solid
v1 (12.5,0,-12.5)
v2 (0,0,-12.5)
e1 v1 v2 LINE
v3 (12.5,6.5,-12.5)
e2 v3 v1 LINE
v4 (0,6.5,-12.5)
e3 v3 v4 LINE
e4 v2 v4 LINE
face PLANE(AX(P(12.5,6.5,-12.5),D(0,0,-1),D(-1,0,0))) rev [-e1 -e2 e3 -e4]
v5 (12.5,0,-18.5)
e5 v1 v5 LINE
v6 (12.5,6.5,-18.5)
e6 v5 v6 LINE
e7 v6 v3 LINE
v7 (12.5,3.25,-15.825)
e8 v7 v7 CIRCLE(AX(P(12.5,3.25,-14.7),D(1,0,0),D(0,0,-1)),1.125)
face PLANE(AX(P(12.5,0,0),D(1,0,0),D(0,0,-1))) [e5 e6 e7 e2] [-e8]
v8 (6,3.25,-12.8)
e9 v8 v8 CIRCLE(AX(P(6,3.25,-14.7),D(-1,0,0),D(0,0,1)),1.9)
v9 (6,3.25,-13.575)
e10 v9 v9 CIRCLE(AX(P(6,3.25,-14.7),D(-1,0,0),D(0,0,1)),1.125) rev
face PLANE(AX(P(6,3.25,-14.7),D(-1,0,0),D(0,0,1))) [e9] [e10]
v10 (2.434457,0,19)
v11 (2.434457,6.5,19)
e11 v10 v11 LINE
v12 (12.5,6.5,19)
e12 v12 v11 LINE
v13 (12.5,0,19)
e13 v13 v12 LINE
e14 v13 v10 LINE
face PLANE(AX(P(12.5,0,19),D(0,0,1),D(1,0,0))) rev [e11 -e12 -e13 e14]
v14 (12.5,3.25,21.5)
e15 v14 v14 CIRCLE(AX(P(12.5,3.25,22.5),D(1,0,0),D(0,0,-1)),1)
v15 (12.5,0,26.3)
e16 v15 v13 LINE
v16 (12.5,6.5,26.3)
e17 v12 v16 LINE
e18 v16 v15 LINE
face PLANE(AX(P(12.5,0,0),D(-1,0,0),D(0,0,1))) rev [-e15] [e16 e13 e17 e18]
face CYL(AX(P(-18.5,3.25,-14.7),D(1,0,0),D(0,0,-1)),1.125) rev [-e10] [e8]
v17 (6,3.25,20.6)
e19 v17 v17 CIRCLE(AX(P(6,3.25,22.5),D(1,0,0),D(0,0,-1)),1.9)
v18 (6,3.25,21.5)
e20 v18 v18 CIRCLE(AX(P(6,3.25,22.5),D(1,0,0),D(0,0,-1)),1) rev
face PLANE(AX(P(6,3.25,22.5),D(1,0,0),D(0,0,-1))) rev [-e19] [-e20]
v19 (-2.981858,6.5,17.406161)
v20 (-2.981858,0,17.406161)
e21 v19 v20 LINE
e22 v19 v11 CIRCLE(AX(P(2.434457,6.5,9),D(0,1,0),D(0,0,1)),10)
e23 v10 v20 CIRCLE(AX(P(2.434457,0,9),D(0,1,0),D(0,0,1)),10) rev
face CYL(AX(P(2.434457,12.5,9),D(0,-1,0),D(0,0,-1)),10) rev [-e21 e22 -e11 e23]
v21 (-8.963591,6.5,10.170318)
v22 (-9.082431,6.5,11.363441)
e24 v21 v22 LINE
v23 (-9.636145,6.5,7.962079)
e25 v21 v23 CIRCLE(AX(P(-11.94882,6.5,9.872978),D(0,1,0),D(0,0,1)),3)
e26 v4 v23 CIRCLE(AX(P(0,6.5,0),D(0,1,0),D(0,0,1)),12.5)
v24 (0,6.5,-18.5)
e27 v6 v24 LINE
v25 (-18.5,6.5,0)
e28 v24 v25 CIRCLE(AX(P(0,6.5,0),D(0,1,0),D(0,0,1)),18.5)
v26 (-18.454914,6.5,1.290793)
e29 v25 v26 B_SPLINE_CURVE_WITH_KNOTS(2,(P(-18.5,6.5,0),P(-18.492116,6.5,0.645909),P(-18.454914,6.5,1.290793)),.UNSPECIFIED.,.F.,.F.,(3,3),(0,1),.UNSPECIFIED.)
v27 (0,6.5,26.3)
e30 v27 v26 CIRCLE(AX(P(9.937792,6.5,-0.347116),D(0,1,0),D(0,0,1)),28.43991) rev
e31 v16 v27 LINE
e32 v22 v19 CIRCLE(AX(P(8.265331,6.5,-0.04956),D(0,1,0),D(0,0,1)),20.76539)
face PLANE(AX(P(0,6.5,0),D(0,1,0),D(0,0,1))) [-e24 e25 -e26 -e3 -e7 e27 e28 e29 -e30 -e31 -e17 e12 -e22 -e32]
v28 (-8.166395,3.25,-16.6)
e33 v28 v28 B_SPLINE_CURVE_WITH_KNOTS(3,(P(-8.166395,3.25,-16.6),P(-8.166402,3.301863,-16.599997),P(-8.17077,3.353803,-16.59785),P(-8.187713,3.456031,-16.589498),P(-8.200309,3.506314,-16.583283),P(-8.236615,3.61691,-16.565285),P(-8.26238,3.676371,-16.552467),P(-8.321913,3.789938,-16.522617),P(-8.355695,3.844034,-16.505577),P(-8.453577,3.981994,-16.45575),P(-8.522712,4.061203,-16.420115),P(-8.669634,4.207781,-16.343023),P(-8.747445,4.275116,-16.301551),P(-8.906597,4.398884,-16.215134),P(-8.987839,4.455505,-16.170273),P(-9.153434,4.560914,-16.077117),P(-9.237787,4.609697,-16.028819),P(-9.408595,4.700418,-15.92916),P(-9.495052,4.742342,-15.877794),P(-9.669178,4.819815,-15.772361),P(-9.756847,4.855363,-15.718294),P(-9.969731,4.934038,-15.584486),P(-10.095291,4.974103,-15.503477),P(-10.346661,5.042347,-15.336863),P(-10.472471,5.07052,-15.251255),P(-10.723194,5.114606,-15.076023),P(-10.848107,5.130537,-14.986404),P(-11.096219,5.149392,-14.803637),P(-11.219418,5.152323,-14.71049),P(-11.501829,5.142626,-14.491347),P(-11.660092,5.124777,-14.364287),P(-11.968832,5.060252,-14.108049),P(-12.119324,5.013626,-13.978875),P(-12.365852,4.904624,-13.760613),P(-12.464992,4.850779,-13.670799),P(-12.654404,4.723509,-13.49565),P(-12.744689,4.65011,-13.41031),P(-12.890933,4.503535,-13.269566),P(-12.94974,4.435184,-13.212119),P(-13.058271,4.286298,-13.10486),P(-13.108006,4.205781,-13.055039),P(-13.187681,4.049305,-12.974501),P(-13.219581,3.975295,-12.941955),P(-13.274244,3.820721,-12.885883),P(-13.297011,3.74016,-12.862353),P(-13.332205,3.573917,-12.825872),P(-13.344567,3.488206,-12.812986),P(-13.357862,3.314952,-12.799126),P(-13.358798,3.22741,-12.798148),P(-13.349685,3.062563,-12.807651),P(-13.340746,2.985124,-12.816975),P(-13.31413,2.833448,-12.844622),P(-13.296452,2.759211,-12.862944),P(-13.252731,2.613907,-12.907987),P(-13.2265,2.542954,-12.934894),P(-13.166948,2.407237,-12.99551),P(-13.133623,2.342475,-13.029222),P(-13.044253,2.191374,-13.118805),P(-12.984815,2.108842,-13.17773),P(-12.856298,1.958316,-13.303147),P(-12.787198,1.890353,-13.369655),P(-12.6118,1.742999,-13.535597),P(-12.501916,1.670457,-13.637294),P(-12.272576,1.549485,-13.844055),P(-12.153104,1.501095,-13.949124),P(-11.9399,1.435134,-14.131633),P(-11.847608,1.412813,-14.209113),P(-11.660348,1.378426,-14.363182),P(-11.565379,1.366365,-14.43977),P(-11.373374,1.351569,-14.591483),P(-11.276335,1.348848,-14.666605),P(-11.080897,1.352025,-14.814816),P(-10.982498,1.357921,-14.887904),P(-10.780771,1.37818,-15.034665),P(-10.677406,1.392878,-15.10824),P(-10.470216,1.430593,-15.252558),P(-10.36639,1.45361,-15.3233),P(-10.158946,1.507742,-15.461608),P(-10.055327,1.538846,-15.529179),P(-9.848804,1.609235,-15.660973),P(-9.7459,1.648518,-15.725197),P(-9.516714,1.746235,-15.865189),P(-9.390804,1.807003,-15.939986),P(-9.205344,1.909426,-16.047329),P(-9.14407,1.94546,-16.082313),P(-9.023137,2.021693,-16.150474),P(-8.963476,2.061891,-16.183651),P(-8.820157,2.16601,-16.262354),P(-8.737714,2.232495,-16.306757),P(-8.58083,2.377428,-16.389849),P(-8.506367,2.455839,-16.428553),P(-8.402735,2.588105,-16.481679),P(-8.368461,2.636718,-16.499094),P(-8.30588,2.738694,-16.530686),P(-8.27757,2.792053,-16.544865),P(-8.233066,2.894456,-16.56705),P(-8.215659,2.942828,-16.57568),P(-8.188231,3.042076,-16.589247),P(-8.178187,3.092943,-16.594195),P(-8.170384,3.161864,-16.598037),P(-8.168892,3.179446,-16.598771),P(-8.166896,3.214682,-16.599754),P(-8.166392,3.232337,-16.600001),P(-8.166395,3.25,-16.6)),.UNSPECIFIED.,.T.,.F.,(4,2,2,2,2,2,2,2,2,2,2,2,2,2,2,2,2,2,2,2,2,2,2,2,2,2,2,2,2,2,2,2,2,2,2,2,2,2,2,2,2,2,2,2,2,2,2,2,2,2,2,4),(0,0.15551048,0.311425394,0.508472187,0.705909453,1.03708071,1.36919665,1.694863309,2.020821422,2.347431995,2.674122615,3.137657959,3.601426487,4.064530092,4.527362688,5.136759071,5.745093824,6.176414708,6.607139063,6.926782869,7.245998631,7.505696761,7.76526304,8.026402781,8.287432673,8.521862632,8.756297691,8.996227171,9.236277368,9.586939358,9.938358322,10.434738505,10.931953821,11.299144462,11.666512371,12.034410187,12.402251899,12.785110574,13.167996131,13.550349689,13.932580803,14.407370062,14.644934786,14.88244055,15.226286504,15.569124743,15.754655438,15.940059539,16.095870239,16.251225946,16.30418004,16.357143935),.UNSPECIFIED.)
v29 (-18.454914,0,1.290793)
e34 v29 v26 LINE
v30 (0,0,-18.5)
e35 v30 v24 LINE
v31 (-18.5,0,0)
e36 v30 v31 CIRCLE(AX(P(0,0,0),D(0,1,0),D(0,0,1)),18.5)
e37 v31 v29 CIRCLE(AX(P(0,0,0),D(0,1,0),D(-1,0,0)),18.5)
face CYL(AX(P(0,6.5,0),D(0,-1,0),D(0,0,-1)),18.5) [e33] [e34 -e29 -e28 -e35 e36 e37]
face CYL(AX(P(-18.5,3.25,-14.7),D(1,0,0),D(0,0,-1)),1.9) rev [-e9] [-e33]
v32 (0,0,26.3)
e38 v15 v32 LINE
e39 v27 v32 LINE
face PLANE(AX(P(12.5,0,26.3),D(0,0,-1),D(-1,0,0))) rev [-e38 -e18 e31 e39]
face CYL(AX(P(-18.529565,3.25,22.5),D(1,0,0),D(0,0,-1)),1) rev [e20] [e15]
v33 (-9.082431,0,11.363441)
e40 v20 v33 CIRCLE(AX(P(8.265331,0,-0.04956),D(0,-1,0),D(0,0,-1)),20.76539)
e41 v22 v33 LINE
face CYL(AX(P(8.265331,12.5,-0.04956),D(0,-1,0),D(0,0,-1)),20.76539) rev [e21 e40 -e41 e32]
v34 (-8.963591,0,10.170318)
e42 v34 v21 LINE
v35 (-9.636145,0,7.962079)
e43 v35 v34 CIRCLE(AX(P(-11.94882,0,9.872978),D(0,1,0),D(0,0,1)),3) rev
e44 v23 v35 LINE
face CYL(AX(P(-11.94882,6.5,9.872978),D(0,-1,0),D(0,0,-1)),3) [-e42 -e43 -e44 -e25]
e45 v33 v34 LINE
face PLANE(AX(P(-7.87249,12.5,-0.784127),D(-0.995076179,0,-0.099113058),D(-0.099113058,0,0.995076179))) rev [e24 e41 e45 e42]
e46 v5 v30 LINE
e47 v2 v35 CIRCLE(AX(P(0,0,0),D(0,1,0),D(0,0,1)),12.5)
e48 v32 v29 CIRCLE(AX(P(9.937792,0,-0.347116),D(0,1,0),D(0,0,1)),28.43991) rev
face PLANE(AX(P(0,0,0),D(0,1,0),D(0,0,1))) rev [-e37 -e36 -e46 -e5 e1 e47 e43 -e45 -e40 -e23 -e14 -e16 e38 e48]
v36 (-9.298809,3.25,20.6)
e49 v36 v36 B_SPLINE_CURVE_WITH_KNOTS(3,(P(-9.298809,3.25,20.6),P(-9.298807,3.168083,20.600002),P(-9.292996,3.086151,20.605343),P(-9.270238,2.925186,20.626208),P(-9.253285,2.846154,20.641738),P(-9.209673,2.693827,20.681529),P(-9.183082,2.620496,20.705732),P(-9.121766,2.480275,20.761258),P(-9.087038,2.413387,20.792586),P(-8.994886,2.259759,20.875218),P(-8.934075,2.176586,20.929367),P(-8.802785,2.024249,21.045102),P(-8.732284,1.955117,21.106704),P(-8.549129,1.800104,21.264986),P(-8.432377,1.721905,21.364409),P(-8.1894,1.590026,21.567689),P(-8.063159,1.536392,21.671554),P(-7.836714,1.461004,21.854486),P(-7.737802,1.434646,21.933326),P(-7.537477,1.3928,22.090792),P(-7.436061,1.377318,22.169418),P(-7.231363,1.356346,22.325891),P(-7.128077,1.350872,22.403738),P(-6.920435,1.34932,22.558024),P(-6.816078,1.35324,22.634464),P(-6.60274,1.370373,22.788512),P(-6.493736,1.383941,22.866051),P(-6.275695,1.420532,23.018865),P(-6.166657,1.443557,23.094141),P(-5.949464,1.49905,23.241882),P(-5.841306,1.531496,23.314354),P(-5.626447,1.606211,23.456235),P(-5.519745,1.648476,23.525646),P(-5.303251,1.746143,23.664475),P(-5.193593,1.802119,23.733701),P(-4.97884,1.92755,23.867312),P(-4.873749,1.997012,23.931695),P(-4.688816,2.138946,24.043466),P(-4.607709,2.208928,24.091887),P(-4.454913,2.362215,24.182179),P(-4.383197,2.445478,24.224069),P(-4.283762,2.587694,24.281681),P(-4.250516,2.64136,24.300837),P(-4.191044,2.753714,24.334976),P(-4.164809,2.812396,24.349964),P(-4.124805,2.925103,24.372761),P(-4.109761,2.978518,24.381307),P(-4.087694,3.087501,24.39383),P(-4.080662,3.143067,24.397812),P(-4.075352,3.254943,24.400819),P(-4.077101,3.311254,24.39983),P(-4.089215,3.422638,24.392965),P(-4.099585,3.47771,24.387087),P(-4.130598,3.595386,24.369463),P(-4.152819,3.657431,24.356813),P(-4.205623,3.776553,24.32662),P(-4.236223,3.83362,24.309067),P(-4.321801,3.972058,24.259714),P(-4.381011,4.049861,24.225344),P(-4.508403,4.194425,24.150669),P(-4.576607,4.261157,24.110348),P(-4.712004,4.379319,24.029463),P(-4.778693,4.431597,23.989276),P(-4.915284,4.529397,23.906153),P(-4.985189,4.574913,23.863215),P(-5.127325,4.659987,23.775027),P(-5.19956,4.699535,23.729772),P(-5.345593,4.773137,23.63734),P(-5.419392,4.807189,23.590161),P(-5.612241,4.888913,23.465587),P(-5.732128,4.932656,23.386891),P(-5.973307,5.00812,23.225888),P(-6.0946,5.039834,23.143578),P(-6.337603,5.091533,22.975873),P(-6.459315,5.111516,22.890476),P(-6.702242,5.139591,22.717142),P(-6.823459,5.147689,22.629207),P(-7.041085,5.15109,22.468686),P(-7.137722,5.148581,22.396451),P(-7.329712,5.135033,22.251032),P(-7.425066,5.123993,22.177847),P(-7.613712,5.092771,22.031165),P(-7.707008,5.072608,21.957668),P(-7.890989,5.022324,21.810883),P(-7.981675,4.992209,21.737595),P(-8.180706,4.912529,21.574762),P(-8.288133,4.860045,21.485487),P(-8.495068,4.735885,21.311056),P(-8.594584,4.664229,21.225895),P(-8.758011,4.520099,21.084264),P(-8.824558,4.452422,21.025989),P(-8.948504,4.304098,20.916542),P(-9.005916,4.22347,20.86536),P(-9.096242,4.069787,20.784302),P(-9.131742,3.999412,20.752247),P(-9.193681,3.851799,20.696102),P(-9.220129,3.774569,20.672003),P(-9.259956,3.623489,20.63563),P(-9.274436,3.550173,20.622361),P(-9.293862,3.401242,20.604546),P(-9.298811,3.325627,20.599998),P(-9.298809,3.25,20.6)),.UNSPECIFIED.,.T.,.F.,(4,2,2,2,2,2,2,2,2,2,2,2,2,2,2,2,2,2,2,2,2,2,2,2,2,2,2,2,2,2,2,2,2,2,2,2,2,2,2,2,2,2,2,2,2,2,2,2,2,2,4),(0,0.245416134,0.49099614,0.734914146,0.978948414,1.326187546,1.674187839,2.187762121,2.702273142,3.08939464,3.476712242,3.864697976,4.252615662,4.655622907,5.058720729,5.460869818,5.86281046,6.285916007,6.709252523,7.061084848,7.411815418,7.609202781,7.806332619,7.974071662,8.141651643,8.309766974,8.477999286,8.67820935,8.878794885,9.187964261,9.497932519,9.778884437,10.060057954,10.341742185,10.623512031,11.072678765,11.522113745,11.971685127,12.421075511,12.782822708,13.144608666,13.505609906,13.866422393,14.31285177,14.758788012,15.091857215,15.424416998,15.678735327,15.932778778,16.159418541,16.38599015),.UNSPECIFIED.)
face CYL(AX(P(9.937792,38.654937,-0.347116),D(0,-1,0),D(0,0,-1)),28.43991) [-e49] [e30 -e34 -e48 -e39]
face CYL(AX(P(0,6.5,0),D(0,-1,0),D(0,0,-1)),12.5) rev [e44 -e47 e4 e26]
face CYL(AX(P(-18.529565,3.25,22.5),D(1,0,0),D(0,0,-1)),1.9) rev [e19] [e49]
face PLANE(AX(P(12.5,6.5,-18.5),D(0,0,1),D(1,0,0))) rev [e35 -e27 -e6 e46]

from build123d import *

# Parameters (mm, degrees)
SKETCH1_R               = 18.5
SKETCH1_R_2             = 12.5
BOSS_EXTRUDE1_DEPTH     = 6.5
SKETCH2_R               = 46.70286463
CUT_EXTRUDE1_DEPTH      = 27.958301133
CUT_EXTRUDE2_DEPTH      = 27.958301133
CUT_EXTRUDE2_DEPTH_BACK = 27.958301133
SKETCH3_R               = 1.125
SKETCH4_R               = 1.9
CUT_EXTRUDE3_DEPTH      = 23.989128026
BOSS_EXTRUDE2_START     = 12.5
SKETCH6_W               = 6
SKETCH6_H               = 6.5
SKETCH6_R               = 1.125
BOSS_EXTRUDE2_DEPTH     = 12.5
CUT_EXTRUDE4_START      = -12.5
SKETCH7_R               = 1.9
CUT_EXTRUDE4_DEPTH      = 12.5
BOSS_EXTRUDE3_DEPTH     = 6.5
CUT_EXTRUDE7_DEPTH      = 12.5
FILLET2_R               = 3
SKETCH14_R              = 1
CUT_EXTRUDE9_DEPTH      = 33.805335008
BOSS_EXTRUDE4_START     = 12.5
SKETCH15_W              = 7.3
SKETCH15_H              = 6.5
SKETCH15_R              = 1
BOSS_EXTRUDE4_DEPTH     = 12.5
FILLET3_R               = 10
SKETCH16_R              = 1.9
CUT_EXTRUDE11_DEPTH     = 37.526565832


with BuildPart() as part:
    # Sketch1 → Boss-Extrude1 (new body)
    with BuildSketch(Plane(origin=(0, 0, 0), x_dir=(1, 0, 0), z_dir=(0, 1, 0))):
        with Locations(Location((0, 0, 0), (0, 0, 90))):
            Circle(SKETCH1_R)
        with Locations(Location((0, 0, 0), (0, 0, 90))):
            Circle(SKETCH1_R_2, mode=Mode.SUBTRACT)
    extrude(amount=BOSS_EXTRUDE1_DEPTH)

    # Sketch2 → Cut-Extrude1 (cut, through all)
    with BuildSketch(Plane(origin=(0, 0, 0), x_dir=(0, 0, -1), z_dir=(1, 0, 0))):
        Circle(SKETCH2_R)
    extrude(amount=CUT_EXTRUDE1_DEPTH, mode=Mode.SUBTRACT)

    # Sketch3 → Cut-Extrude2 (cut, two sides: drawn at the far end of the back side and taken through both)
    with BuildSketch(Plane(origin=(0, 0, 0), x_dir=(0, 0, -1), z_dir=(1, 0, 0)).offset(-CUT_EXTRUDE2_DEPTH_BACK)):
        with Locations((14.7, 3.25)):
            Circle(SKETCH3_R)
    extrude(amount=CUT_EXTRUDE2_DEPTH + CUT_EXTRUDE2_DEPTH_BACK, mode=Mode.SUBTRACT)

    # Sketch4 → Cut-Extrude3 (cut, through all)
    with BuildSketch(Plane(origin=(-6.5, 0, 0), x_dir=(0, 0, -1), z_dir=(1, 0, 0))):
        with Locations((14.7, 3.25)):
            Circle(SKETCH4_R)
    extrude(amount=-CUT_EXTRUDE3_DEPTH, mode=Mode.SUBTRACT)

    # Sketch6 → Boss-Extrude2 (add)
    with BuildSketch(Plane(origin=(0, 0, 0), x_dir=(0, 0, -1), z_dir=(1, 0, 0)).offset(BOSS_EXTRUDE2_START)):
        with Locations((15.5, 3.25)):
            Rectangle(SKETCH6_W, SKETCH6_H)
        with Locations((14.7, 3.25)):
            Circle(SKETCH6_R, mode=Mode.SUBTRACT)
    extrude(amount=-BOSS_EXTRUDE2_DEPTH)

    # Sketch7 → Cut-Extrude4 (cut)
    with BuildSketch(Plane.ZY.offset(6.5).offset(CUT_EXTRUDE4_START)):
        with Locations(Location((-14.7, 3.25, 0), (0, 0, 180))):
            Circle(SKETCH7_R)
    extrude(amount=CUT_EXTRUDE4_DEPTH, mode=Mode.SUBTRACT)

    # Sketch11 → Boss-Extrude3 (add)
    with BuildSketch(Plane(origin=(0, 0, 0), x_dir=(1, 0, 0), z_dir=(0, 1, 0))):
        with BuildLine():
            Line((0, -18.5), (0, -26.3))
            ThreePointArc((0, -26.3), (-13.323632383, -16.015482855), (-18.5, 0))
            ThreePointArc((-18.5, 0), (-13.015505379, -13.015505379), (0, -18.5))
        make_face()
    extrude(amount=BOSS_EXTRUDE3_DEPTH)

    # Sketch13 → Cut-Extrude7 (cut)
    with BuildSketch(Plane(origin=(0, 0, 0), x_dir=(-1, 0, 0), z_dir=(0, -1, 0))):
        with BuildLine():
            ThreePointArc((8.831682782, -8.845980965), (4.778872144, -11.550427742), (0, -12.5))
            Line((0, -12.5), (0, -19))
            ThreePointArc((0, -19), (5.098309427, -15.844292422), (9.082430599, -11.363441184))
            Line((9.082430599, -11.363441184), (8.831682782, -8.845980965))
        make_face()
    extrude(amount=-CUT_EXTRUDE7_DEPTH, mode=Mode.SUBTRACT)

    # Fillet2
    fillet2_edges = [part.edges().sort_by_distance(p)[0] for p in [
        (-8.831682782, 3.25, 8.845980965),
    ]]
    fillet(fillet2_edges, radius=FILLET2_R)

    # Sketch14 → Cut-Extrude9 (cut, through all)
    with BuildSketch(Plane(origin=(0, 0, 0), x_dir=(0, 0, -1), z_dir=(1, 0, 0))):
        with Locations((-22.5, 3.25)):
            Circle(SKETCH14_R)
    extrude(amount=-CUT_EXTRUDE9_DEPTH, mode=Mode.SUBTRACT)

    # Sketch15 → Boss-Extrude4 (add)
    with BuildSketch(Plane(origin=(0, 0, 0), x_dir=(0, 0, -1), z_dir=(1, 0, 0)).offset(BOSS_EXTRUDE4_START)):
        with Locations((-22.65, 3.25)):
            Rectangle(SKETCH15_W, SKETCH15_H)
        with Locations((-22.5, 3.25)):
            Circle(SKETCH15_R, mode=Mode.SUBTRACT)
    extrude(amount=-BOSS_EXTRUDE4_DEPTH)

    # Fillet3
    fillet3_edges = [part.edges().sort_by_distance(p)[0] for p in [
        (0, 3.25, 19),
    ]]
    fillet(fillet3_edges, radius=FILLET3_R)

    # Sketch16 → Cut-Extrude11 (cut, through all)
    with BuildSketch(Plane(origin=(6, 0, 0), x_dir=(0, 0, -1), z_dir=(1, 0, 0))):
        with Locations((-22.5, 3.25)):
            Circle(SKETCH16_R)
    extrude(amount=-CUT_EXTRUDE11_DEPTH, mode=Mode.SUBTRACT)


solid = part.part
